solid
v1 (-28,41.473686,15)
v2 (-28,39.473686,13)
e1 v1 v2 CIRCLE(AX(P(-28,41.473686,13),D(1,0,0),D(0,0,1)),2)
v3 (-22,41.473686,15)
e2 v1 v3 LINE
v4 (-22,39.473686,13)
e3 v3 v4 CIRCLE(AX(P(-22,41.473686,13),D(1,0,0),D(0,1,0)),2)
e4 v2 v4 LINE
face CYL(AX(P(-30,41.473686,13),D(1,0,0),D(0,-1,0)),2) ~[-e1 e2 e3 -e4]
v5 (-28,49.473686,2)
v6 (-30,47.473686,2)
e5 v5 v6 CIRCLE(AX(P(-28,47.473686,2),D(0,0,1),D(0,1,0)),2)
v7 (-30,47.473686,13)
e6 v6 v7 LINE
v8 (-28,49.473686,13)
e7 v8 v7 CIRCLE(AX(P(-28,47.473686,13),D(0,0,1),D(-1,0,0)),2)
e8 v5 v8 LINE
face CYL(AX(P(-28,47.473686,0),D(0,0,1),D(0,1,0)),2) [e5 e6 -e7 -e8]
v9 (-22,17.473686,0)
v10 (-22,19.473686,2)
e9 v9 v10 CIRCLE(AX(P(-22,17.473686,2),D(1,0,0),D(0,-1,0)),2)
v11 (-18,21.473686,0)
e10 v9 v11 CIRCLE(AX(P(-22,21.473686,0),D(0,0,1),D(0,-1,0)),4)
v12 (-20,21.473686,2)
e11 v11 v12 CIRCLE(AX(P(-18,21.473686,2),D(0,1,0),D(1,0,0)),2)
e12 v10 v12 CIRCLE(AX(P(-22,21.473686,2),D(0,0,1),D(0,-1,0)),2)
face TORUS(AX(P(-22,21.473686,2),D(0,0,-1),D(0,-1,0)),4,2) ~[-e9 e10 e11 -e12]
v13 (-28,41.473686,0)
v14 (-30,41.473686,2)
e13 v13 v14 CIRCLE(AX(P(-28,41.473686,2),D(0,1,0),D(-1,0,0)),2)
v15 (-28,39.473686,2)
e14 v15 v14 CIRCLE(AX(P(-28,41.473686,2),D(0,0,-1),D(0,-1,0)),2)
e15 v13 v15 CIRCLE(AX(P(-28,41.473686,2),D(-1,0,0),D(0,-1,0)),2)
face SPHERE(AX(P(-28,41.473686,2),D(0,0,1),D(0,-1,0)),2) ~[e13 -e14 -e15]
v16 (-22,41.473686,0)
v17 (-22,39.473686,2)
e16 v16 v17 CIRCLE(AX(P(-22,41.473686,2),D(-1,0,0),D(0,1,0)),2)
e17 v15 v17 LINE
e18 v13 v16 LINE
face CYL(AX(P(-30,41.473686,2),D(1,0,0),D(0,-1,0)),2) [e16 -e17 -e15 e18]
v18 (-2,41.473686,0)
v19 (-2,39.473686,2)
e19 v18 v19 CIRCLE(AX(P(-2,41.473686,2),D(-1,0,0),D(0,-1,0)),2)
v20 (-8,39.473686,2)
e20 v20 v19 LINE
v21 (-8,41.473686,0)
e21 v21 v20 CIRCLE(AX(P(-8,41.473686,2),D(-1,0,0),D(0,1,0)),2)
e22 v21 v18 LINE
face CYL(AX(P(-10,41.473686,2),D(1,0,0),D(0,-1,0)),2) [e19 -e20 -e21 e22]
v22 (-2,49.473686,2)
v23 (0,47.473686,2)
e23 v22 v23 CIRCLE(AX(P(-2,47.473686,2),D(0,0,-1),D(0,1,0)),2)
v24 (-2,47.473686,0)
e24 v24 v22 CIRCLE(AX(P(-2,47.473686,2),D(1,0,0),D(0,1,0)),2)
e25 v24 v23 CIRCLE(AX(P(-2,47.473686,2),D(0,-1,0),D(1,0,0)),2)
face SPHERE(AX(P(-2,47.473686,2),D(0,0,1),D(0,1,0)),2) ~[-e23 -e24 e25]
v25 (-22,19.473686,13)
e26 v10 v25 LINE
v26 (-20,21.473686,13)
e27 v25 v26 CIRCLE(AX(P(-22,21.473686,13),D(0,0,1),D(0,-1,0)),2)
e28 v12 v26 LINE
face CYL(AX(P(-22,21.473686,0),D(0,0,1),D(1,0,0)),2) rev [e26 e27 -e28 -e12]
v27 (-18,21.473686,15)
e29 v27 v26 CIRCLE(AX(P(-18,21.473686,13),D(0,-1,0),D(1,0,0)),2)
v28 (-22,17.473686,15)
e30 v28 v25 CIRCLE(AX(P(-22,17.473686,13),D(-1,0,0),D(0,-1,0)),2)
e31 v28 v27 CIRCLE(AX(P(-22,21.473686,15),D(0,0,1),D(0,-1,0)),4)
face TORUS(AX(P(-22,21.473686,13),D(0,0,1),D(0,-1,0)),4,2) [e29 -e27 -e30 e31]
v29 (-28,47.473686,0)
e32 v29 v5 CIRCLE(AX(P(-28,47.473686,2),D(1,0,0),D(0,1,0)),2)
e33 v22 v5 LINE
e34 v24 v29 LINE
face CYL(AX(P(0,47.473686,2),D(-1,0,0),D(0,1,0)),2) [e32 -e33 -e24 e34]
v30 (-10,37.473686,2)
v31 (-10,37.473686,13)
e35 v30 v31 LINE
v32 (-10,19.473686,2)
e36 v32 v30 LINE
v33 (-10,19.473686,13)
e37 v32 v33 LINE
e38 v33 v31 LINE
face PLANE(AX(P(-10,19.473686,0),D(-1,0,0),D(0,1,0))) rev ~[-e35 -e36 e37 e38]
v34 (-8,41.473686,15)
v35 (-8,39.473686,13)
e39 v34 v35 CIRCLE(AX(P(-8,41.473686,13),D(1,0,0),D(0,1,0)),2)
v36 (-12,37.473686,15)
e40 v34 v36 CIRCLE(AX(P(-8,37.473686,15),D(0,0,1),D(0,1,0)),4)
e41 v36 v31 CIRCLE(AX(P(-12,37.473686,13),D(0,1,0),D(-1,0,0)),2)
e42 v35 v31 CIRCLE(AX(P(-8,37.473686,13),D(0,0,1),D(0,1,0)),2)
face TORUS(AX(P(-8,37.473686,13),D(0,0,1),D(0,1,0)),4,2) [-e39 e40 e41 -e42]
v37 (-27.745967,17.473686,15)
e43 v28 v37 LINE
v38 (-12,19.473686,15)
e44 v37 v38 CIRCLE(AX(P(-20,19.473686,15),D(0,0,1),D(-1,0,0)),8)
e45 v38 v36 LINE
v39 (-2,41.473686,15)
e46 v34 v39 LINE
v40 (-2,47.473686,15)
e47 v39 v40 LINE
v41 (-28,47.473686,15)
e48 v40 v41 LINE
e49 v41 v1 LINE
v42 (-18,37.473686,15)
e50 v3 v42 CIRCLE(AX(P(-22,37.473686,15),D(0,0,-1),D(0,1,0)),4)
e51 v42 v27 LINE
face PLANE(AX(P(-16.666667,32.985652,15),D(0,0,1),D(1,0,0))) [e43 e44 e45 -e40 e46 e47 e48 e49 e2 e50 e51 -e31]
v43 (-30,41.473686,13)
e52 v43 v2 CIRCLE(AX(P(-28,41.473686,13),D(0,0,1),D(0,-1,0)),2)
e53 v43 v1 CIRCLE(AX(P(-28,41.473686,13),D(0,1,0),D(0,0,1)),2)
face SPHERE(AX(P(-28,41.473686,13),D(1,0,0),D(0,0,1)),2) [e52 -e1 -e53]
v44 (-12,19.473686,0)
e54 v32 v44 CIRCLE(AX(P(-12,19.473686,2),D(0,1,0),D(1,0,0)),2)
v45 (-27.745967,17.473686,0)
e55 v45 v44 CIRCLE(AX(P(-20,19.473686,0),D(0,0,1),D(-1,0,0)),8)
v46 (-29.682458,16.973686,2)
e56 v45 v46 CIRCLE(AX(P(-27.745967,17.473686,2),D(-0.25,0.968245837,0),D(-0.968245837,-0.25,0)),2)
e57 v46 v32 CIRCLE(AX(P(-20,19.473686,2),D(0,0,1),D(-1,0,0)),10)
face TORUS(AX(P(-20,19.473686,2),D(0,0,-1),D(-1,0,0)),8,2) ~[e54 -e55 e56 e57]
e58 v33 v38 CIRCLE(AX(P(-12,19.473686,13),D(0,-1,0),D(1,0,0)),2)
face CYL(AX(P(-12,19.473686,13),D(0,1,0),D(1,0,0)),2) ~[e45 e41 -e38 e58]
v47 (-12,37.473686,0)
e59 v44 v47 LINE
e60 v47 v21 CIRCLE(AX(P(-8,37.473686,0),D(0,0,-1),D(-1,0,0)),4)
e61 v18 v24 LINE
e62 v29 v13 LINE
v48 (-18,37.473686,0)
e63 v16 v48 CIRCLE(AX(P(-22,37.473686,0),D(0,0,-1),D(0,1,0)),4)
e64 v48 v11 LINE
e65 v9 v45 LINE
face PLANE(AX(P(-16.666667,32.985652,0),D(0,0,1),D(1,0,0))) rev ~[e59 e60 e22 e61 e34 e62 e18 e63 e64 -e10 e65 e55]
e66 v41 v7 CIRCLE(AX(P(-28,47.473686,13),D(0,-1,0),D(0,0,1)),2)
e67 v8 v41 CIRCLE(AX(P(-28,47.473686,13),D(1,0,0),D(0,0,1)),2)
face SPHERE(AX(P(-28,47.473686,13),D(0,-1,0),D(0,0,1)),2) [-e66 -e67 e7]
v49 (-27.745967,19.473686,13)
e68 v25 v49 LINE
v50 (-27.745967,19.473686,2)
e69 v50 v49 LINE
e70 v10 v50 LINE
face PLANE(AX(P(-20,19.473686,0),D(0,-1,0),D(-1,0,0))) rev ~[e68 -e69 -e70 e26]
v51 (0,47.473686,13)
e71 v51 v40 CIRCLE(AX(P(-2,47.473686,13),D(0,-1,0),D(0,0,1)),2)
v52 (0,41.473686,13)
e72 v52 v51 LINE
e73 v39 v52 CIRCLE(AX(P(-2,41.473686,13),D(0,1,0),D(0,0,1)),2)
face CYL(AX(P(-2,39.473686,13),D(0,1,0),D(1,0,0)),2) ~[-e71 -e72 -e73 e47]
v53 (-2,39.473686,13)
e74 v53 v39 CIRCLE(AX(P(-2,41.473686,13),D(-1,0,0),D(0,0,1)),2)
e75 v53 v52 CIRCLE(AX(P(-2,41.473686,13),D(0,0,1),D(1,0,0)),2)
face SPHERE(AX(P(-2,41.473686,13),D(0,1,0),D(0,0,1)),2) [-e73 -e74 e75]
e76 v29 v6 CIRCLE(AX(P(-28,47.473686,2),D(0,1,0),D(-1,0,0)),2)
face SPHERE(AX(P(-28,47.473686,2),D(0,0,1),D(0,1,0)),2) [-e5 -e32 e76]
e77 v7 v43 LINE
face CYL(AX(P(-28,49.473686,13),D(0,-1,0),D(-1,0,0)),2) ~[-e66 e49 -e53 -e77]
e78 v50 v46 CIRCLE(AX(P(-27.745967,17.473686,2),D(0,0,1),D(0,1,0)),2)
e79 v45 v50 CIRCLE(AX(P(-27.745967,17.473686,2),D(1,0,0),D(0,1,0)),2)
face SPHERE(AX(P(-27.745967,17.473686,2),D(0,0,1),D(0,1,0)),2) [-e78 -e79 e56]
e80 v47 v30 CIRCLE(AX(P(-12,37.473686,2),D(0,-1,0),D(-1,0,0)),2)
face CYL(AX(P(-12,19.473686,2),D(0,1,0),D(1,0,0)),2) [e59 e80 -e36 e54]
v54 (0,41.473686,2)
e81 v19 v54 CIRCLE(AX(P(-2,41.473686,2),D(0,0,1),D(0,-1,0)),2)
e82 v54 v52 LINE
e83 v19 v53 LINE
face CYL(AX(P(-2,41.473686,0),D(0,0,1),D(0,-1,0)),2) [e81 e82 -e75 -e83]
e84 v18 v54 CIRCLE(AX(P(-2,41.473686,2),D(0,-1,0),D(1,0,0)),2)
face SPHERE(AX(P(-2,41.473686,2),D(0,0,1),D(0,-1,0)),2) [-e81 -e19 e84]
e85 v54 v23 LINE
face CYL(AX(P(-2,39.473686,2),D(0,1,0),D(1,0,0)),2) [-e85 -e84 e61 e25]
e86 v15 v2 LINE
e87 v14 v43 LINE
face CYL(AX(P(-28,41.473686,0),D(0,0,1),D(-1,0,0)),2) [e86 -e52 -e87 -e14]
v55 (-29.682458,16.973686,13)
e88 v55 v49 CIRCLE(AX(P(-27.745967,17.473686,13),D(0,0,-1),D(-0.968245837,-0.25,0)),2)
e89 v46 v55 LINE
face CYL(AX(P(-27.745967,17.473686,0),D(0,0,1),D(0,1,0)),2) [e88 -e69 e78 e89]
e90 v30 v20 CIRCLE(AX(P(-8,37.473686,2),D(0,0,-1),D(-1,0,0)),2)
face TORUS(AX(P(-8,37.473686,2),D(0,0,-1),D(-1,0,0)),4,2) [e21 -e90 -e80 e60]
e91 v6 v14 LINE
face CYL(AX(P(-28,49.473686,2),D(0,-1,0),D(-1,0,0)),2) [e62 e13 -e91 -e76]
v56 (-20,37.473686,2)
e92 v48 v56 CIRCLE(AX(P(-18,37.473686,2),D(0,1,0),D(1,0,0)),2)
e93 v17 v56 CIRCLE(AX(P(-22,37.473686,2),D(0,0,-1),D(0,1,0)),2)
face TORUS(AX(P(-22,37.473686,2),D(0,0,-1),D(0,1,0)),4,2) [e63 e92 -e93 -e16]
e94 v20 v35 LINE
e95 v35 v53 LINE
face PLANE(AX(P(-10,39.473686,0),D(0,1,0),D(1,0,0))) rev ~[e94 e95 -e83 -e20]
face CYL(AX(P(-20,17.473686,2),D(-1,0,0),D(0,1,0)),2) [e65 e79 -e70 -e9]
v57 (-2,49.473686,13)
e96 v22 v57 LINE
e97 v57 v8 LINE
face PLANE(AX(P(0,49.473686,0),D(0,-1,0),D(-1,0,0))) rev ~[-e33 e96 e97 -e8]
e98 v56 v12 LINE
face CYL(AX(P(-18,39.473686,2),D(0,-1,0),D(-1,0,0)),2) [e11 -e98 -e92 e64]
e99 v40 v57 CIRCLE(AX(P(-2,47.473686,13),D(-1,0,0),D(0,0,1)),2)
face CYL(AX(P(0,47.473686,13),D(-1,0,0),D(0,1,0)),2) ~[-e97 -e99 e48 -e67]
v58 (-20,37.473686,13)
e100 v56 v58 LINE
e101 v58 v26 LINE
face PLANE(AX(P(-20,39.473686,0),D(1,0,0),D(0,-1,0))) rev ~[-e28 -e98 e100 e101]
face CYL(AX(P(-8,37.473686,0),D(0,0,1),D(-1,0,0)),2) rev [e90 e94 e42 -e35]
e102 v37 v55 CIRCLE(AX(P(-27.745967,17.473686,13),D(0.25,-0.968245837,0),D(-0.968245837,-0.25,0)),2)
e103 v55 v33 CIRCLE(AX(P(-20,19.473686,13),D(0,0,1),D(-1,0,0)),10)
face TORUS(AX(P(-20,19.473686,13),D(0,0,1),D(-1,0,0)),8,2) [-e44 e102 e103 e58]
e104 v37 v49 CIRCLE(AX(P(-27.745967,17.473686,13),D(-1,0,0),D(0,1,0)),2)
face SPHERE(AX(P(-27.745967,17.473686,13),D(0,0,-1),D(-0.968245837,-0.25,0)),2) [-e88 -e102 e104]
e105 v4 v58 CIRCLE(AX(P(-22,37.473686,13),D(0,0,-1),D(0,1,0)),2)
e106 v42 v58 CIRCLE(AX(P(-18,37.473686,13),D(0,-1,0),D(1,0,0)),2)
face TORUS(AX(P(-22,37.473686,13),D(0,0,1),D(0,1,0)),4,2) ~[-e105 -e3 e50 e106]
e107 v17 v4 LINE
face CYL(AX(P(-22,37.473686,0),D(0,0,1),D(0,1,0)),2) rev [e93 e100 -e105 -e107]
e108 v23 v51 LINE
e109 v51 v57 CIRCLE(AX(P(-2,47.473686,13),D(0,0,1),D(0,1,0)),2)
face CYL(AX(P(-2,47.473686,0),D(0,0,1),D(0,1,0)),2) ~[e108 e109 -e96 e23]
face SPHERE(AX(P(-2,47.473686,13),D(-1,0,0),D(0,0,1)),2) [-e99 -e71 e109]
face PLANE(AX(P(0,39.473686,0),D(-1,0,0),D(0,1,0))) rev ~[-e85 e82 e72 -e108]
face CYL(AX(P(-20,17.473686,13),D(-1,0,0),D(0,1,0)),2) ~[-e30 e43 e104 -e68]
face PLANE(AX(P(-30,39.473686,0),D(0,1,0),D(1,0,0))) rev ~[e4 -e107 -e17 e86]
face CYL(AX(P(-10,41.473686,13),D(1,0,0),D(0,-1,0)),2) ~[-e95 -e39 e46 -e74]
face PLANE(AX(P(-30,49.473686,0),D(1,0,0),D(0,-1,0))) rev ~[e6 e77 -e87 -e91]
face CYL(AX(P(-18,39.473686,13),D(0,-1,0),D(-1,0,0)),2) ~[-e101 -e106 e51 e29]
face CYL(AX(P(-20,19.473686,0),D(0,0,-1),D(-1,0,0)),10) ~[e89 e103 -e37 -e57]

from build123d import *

# Parameters (mm, degrees)
F1_DEPTH = 15
F2_R     = 2


with BuildPart() as f1:
    # F0 (on Top) → F1 (new body)
    with BuildSketch(Plane.XY):
        with BuildLine():
            Line((0, 49.473686), (-30, 49.473686))
            Line((-30, 49.473686), (-30, 39.473686))
            Line((-30, 39.473686), (-20, 39.473686))
            Line((-20, 39.473686), (-20, 19.473686))
            Line((-20, 19.473686), (-30, 19.473686))
            ThreePointArc((-30, 19.473686), (-20, 9.473686), (-10, 19.473686))
            Line((-10, 19.473686), (-10, 39.473686))
            Line((-10, 39.473686), (0, 39.473686))
            Line((0, 39.473686), (0, 49.473686))
        make_face()
    extrude(amount=F1_DEPTH)

    # F2
    f2_edges = [f1.edges().sort_by_distance(p)[0] for p in [
        (-25, 39.473686, 15),
        (-30, 44.473686, 15),
        (-15, 49.473686, 15),
        (0, 44.473686, 15),
        (-5, 39.473686, 15),
        (-10, 29.473686, 15),
        (-20, 9.473686, 15),
        (-25, 19.473686, 15),
        (-20, 29.473686, 15),
        (-10, 39.473686, 7.5),
        (0, 39.473686, 7.5),
        (0, 49.473686, 7.5),
        (-30, 39.473686, 7.5),
        (-30, 49.473686, 7.5),
        (-30, 19.473686, 7.5),
        (-20, 19.473686, 7.5),
        (-25, 19.473686, 0),
        (-25, 39.473686, 0),
        (-15, 49.473686, 0),
        (-30, 44.473686, 0),
        (-20, 9.473686, 0),
        (-20, 29.473686, 0),
        (-10, 29.473686, 0),
        (-5, 39.473686, 0),
        (0, 44.473686, 0),
        (-20, 39.473686, 7.5),
    ]]
    fillet(f2_edges, radius=F2_R)


solid = f1.part
